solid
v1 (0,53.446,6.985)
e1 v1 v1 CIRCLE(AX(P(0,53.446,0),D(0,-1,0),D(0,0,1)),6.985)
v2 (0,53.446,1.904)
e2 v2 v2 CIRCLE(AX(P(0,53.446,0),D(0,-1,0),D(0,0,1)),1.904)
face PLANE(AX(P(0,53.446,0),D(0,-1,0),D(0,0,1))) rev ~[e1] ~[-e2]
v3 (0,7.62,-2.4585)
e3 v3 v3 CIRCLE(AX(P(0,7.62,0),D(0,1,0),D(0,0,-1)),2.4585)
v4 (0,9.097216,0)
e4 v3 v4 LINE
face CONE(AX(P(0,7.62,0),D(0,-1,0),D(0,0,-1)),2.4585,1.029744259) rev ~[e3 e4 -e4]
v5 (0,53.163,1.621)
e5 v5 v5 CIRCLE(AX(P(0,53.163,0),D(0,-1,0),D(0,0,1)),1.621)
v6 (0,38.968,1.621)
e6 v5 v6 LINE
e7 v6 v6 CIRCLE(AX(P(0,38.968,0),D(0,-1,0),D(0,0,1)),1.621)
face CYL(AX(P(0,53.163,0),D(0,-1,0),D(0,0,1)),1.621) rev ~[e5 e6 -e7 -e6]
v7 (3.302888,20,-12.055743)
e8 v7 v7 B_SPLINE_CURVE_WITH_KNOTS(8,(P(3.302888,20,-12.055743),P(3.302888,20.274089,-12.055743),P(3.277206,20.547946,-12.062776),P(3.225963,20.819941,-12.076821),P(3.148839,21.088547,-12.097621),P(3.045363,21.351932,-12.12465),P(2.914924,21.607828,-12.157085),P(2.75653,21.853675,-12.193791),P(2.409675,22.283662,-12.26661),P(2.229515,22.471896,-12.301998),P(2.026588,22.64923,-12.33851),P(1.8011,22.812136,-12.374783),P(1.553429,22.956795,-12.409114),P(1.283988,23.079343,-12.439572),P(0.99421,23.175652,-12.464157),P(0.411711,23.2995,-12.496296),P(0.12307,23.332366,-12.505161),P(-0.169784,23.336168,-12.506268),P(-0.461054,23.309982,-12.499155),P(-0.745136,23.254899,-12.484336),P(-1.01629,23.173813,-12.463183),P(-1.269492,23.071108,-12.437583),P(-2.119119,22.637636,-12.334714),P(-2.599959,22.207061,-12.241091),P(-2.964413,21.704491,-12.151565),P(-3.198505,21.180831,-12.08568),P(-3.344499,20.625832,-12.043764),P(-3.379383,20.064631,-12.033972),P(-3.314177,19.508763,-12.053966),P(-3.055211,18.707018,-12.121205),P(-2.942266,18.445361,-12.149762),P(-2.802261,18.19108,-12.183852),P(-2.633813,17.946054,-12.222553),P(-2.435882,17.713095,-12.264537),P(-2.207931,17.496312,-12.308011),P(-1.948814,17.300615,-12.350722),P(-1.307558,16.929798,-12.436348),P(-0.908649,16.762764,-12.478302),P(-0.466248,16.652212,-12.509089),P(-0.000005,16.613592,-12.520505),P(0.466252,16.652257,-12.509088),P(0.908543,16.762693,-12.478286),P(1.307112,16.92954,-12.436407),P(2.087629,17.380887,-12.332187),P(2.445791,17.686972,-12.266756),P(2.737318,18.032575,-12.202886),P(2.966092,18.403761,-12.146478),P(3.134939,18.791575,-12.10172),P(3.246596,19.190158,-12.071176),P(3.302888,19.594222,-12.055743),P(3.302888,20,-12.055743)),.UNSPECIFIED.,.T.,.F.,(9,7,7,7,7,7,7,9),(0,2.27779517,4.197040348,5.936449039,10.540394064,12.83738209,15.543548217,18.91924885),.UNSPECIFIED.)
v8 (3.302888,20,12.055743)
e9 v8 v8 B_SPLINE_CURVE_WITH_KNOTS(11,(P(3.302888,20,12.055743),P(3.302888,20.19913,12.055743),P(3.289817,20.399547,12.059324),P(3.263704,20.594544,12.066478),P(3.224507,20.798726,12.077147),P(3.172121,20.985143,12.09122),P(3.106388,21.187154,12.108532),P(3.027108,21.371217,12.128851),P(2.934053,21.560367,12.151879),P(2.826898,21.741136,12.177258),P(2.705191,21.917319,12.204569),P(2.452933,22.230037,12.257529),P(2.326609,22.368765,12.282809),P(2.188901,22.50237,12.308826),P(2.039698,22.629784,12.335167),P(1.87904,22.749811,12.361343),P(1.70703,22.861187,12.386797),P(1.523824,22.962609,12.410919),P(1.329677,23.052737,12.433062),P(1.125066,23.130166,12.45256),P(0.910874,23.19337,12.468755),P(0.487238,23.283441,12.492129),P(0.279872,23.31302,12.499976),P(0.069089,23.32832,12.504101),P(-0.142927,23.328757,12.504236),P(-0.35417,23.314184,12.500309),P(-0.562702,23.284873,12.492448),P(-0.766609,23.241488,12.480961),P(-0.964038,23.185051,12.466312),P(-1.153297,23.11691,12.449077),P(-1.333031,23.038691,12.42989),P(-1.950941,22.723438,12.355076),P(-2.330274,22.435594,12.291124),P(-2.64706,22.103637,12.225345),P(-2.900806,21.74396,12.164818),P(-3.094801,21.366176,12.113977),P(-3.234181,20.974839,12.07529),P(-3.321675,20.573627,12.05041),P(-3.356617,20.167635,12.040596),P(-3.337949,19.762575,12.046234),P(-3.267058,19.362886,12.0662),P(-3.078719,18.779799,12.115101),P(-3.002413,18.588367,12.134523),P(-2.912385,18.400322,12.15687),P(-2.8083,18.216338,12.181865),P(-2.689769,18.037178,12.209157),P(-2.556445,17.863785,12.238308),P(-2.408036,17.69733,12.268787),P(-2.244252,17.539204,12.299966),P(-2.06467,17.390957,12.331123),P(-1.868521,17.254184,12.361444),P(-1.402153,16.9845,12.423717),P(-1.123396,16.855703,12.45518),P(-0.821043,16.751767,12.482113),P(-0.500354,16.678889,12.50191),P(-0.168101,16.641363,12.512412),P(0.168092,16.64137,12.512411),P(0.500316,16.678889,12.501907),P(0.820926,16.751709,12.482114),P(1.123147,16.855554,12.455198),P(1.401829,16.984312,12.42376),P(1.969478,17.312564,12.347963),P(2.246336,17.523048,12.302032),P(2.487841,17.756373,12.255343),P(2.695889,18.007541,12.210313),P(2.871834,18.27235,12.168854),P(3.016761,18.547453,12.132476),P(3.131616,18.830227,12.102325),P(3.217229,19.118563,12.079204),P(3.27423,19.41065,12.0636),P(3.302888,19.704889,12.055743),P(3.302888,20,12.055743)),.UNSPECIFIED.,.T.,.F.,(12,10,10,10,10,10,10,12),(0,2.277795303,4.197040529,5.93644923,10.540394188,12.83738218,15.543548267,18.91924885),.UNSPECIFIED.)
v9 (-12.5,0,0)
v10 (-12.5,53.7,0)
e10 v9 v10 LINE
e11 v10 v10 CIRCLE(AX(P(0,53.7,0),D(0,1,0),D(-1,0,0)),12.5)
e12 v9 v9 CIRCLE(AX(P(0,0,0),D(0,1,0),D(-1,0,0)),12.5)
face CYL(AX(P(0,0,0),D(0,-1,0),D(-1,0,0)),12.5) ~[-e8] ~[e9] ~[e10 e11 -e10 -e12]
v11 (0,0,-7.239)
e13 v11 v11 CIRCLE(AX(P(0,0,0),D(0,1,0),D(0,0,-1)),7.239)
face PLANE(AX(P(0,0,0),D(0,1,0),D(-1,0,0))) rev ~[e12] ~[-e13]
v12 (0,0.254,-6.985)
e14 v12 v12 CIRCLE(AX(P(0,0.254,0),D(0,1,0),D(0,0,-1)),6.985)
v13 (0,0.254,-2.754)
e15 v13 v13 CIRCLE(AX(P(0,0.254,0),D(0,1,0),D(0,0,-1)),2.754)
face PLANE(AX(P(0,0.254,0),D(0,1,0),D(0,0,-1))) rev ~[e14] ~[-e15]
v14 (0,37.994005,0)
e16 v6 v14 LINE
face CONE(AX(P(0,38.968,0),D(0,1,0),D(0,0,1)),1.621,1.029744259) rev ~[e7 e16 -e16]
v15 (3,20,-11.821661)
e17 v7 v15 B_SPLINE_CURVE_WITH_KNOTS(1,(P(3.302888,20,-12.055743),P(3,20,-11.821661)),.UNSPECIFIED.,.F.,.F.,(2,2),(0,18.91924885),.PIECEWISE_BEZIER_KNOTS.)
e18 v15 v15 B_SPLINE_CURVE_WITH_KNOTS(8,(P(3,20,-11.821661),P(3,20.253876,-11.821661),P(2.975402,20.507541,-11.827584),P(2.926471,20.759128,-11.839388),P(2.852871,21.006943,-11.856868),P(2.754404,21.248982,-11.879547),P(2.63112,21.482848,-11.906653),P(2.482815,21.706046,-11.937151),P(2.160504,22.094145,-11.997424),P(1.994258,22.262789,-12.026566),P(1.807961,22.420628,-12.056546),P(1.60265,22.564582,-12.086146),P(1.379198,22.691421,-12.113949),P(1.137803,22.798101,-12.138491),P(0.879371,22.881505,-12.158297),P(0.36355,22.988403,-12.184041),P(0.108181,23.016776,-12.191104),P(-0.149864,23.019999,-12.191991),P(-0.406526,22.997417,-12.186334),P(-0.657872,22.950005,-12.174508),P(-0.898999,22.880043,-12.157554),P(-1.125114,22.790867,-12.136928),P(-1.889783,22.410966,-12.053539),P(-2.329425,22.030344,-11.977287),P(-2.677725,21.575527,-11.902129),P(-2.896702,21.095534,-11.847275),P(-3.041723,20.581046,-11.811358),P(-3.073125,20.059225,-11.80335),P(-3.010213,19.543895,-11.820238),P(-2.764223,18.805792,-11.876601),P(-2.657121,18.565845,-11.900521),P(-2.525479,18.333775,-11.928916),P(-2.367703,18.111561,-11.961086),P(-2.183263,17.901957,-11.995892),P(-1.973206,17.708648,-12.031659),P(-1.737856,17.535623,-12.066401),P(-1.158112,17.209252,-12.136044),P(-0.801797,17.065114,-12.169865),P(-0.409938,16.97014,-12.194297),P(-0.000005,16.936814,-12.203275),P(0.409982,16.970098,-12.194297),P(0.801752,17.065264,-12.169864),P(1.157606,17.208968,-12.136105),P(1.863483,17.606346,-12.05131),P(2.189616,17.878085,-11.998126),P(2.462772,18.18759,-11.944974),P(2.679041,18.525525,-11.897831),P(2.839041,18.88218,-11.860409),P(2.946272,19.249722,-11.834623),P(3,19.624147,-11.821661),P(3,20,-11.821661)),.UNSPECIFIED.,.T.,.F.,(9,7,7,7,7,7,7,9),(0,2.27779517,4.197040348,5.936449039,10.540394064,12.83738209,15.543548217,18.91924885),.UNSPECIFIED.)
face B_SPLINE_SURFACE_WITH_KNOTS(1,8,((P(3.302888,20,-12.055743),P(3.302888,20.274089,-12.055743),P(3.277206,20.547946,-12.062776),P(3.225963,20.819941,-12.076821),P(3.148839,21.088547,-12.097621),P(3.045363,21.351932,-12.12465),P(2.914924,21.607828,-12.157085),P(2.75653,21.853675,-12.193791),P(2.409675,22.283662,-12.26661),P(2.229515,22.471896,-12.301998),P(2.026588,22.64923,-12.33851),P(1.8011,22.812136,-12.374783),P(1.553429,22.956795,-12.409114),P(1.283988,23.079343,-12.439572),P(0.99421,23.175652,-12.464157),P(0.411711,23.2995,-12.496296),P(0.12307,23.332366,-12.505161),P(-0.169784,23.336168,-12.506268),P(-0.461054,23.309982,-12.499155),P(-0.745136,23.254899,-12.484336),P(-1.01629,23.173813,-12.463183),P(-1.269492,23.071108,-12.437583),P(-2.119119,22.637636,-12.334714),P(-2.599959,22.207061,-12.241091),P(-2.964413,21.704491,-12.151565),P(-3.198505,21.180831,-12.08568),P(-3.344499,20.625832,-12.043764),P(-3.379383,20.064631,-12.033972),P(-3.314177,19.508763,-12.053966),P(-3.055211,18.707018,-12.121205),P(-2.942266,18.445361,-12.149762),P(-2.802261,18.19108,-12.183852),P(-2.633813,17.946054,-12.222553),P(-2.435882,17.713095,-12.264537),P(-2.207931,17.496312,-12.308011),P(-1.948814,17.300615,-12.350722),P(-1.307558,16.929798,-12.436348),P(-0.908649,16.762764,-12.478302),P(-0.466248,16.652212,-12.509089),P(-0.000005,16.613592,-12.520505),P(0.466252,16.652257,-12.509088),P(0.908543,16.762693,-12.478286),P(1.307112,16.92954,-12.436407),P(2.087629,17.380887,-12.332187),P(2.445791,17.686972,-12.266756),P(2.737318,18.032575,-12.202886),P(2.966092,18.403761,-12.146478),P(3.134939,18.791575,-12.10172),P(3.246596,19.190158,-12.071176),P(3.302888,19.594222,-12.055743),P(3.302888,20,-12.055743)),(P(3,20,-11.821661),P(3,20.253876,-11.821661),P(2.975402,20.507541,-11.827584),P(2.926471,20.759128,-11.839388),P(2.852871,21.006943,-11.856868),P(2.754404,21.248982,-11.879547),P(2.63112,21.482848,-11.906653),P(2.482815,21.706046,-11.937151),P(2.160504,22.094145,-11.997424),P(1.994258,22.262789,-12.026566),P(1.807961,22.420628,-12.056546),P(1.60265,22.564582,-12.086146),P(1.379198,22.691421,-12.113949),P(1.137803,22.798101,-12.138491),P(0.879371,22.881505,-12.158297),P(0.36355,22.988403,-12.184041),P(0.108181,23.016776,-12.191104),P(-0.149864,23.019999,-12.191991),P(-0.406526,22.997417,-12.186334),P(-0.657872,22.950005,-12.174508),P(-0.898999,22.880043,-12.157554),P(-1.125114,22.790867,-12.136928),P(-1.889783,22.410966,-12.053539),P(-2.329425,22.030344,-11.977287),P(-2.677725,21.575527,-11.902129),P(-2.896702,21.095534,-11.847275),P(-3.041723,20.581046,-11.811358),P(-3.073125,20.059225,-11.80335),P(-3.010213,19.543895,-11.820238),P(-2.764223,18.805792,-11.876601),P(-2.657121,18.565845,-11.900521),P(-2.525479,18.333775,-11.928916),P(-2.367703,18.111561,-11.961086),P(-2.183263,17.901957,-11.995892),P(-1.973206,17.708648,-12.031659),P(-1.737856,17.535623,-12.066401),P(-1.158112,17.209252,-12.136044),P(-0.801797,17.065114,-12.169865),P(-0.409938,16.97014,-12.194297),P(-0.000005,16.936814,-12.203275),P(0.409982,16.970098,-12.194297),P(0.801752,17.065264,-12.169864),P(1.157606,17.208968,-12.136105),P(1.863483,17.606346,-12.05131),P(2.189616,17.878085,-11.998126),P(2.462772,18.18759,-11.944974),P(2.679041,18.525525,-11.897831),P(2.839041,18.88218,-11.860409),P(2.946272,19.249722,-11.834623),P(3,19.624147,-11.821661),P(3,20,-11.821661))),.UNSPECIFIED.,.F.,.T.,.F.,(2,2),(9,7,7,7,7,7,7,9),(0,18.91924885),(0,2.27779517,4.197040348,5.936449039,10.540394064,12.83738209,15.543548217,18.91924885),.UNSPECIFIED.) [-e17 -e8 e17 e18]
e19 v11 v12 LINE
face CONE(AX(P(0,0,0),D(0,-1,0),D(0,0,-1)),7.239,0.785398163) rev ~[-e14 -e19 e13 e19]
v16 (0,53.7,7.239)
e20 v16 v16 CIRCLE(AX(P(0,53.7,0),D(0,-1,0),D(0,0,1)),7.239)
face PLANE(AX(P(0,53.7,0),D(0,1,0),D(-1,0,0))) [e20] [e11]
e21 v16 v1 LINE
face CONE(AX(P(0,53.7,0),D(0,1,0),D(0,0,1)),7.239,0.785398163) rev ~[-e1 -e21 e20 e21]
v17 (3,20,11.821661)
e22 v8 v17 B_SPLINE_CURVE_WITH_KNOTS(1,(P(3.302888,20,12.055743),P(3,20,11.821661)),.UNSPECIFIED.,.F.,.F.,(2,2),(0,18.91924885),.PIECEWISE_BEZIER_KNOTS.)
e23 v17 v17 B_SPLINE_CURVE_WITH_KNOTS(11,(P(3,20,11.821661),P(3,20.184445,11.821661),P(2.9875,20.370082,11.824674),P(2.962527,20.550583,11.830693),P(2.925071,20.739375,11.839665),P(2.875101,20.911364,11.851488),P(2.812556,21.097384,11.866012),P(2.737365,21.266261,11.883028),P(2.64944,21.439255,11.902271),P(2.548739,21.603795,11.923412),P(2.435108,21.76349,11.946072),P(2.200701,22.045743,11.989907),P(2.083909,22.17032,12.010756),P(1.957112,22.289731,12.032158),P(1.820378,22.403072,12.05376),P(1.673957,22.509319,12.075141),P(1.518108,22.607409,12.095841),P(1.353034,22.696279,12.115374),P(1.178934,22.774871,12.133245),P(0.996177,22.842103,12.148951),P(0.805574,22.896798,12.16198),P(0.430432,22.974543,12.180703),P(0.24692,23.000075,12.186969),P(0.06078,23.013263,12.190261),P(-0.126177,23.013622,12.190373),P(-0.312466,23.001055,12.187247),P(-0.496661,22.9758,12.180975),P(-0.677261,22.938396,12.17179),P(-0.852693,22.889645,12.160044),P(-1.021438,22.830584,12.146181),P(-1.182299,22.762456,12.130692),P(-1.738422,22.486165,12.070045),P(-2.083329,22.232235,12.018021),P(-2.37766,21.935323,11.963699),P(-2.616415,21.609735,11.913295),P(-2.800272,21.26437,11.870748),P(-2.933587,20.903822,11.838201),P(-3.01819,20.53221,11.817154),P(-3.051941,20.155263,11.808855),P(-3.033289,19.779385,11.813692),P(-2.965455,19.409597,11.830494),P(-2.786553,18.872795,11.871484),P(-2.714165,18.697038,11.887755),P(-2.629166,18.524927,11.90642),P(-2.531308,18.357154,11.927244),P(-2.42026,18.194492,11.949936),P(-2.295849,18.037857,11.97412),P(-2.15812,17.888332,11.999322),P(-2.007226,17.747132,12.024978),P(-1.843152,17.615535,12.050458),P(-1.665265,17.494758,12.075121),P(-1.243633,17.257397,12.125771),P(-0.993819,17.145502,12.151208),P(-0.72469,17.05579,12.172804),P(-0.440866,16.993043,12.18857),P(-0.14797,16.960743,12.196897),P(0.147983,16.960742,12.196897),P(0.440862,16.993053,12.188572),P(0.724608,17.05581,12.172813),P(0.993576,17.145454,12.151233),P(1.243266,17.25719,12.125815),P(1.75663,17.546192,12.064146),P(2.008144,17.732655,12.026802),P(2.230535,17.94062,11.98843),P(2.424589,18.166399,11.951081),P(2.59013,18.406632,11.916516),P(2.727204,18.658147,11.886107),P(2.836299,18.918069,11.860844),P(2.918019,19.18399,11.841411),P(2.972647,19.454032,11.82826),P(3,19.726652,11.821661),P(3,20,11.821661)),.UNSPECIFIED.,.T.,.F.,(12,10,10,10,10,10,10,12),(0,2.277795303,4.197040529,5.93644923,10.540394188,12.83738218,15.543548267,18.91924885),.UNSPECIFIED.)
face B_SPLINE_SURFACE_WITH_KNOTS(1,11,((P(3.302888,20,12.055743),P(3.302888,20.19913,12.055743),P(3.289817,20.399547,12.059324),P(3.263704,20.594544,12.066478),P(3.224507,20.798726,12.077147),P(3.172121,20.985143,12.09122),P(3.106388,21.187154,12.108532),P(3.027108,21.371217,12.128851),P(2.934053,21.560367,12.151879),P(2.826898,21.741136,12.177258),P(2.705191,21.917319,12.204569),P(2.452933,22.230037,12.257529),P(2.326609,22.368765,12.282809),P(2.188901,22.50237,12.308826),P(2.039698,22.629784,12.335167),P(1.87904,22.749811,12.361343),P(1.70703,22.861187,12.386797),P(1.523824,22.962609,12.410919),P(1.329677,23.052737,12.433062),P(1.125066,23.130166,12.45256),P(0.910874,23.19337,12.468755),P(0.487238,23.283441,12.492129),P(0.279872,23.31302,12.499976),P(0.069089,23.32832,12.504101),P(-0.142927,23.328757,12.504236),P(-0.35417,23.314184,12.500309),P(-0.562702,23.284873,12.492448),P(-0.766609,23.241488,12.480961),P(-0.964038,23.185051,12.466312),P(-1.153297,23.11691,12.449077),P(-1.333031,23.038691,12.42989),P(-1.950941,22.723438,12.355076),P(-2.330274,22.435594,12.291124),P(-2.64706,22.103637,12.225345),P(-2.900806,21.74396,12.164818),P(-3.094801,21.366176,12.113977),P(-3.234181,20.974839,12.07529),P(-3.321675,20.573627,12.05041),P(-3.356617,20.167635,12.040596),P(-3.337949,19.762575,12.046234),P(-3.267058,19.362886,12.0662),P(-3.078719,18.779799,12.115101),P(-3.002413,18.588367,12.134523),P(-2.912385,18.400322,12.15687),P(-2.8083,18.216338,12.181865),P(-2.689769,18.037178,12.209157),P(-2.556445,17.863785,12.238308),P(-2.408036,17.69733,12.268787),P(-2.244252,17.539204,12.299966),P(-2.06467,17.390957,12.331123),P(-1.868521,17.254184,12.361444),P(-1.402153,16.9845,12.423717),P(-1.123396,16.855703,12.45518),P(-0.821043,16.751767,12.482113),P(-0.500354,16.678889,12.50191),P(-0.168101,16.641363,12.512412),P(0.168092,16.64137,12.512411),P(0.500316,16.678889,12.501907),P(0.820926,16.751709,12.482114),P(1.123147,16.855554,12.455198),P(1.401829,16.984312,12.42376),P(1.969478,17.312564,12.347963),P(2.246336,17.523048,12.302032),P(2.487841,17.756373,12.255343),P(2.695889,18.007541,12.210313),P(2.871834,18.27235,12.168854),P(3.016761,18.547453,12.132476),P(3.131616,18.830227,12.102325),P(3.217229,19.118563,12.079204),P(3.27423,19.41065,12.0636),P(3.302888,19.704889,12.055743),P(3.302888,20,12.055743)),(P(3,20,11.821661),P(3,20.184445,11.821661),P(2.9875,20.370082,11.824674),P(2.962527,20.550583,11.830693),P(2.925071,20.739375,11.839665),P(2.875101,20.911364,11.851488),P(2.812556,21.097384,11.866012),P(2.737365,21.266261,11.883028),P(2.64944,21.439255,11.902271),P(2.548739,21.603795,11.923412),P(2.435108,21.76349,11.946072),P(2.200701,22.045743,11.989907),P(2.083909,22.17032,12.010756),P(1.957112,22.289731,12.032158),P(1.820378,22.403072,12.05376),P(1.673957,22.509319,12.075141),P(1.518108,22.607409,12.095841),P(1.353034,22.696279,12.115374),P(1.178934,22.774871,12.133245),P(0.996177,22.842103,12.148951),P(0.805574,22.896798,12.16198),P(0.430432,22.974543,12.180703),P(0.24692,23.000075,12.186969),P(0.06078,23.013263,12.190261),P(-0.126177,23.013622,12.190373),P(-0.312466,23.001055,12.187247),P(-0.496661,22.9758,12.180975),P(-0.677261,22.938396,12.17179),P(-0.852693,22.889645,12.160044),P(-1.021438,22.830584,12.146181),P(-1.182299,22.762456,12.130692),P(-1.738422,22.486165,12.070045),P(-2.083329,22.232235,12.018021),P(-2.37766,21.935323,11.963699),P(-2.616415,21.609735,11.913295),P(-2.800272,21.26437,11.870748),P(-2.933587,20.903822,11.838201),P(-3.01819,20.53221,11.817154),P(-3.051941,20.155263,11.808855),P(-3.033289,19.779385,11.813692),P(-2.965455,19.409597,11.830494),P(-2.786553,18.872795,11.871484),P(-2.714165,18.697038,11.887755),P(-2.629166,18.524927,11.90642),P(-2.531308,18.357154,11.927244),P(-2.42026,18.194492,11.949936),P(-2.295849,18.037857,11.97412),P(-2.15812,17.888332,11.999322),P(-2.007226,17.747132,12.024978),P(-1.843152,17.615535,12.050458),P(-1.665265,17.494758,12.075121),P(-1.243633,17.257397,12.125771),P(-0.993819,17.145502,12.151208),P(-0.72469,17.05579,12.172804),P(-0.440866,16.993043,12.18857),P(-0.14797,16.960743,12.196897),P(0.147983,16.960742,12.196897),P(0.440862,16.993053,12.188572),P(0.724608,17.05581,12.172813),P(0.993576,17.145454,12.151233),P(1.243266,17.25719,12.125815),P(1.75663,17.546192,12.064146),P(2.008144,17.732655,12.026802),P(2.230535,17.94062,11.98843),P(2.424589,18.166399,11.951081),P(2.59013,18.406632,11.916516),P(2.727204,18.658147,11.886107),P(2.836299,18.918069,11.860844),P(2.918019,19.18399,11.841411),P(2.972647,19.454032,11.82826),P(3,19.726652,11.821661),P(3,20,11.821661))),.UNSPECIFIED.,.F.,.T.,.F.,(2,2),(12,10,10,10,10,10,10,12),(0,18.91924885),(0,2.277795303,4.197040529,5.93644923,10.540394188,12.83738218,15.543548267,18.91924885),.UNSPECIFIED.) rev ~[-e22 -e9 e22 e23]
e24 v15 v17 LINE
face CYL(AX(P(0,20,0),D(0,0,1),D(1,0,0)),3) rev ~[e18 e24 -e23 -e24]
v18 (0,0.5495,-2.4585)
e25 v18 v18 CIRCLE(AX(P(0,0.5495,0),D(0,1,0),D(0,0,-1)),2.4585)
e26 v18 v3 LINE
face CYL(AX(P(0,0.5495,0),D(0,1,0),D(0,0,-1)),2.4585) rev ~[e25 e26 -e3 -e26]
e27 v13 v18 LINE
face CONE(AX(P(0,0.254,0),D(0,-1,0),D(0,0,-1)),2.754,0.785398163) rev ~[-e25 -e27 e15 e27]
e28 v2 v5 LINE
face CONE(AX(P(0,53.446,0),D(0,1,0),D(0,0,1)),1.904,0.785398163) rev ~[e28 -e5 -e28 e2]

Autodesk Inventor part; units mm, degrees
ref_plane "YZ Plane" through (0, 0, 0) normal (1, 0, 0) x (0, 1, 0)
ref_plane "XZ Plane" through (0, 0, 0) normal (0, 1, 0) x (-1, 0, 0)
ref_plane "XY Plane" through (0, 0, 0) normal (0, 0, 1) x (1, 0, 0)
sketch "Sketch1" plane through (0, 0, 0) normal (0, 1, 0) x (-1, 0, 0)
  circle A0 centre (0, 0) radius 12.5
  dimension "d0" = 25
extrude "Extrusion1" add sketch "Sketch1" along normal blind 53.7
hole "ReliefTop" at (0, 53.7, 0) direction (0, -1, 0) diameter 13.97 depth 0.254 countersink diameter 14.478 countersink angle 90
hole "ReliefBottom" at (0, 0, 0) direction (0, 1, 0) diameter 13.97 depth 0.254 countersink diameter 14.478 countersink angle 90
hole "MountBottomM6" at (0, 0.254, 0) direction (0, 1, 0) diameter 4.917 depth 7.366 tip angle 118 countersink diameter 5.508 countersink angle 90 thread size "M6x1" class "6H" standard "ISO Metric profile"
hole "MountTopM4" at (0, 53.446, 0) direction (0, -1, 0) diameter 3.242 depth 14.478 tip angle 118 countersink diameter 3.808 countersink angle 90 thread size "M4x0.7" class "6H" standard "ISO Metric profile"
sketch "Sketch2" plane through (0, 0, 0) normal (0, 0, 1) x (1, 0, 0)
  circle A0 centre (0, 20) radius 3
  line L0 (-12.5, 0) -> (12.5, 0) projected
  line L1 (0, -4.6) -> (0, 27.6) projected
  point P0 (0, 0)
  dimension "d49" = 6
  dimension "d50" = 20
extrude "Extrusion2" cut sketch "Sketch2" along normal through all both and the other way through all
chamfer "Chamfer1" distance 0.313 angle 45 2 edges at (-3, 19.9998, 12.1347) (-3, 19.9998, -12.1347)
equation "\"d1\" = height"
equation "\"d5\" = reliefMinor"
equation "\"d7\" = reliefMajor"
equation "\"d10\" = reliefDepth"
equation "\"d14\" = reliefMinor"
equation "\"d16\" = reliefMajor"
equation "\"d19\" = reliefDepth"
equation "\"d25\" = chamferM6"
equation "\"d28\" = depthM6"
equation "\"d40\" = chamferM4"
equation "\"d43\" = depthM4"
equation "\"reliefDepth\" = 0.254"
equation "\"reliefMinor\" = 13.97"
equation "\"reliefMajor\" = 14.478"
equation "\"chamferM6\" = 5.508"
equation "\"chamferM4\" = 3.808"
equation "\"depthM6\" = 7.366"
equation "\"depthM4\" = 14.478"
equation "\"height\" = 53.7"
properties part number "PLS-P642H0537A00_M" material "Stainless Steel"
